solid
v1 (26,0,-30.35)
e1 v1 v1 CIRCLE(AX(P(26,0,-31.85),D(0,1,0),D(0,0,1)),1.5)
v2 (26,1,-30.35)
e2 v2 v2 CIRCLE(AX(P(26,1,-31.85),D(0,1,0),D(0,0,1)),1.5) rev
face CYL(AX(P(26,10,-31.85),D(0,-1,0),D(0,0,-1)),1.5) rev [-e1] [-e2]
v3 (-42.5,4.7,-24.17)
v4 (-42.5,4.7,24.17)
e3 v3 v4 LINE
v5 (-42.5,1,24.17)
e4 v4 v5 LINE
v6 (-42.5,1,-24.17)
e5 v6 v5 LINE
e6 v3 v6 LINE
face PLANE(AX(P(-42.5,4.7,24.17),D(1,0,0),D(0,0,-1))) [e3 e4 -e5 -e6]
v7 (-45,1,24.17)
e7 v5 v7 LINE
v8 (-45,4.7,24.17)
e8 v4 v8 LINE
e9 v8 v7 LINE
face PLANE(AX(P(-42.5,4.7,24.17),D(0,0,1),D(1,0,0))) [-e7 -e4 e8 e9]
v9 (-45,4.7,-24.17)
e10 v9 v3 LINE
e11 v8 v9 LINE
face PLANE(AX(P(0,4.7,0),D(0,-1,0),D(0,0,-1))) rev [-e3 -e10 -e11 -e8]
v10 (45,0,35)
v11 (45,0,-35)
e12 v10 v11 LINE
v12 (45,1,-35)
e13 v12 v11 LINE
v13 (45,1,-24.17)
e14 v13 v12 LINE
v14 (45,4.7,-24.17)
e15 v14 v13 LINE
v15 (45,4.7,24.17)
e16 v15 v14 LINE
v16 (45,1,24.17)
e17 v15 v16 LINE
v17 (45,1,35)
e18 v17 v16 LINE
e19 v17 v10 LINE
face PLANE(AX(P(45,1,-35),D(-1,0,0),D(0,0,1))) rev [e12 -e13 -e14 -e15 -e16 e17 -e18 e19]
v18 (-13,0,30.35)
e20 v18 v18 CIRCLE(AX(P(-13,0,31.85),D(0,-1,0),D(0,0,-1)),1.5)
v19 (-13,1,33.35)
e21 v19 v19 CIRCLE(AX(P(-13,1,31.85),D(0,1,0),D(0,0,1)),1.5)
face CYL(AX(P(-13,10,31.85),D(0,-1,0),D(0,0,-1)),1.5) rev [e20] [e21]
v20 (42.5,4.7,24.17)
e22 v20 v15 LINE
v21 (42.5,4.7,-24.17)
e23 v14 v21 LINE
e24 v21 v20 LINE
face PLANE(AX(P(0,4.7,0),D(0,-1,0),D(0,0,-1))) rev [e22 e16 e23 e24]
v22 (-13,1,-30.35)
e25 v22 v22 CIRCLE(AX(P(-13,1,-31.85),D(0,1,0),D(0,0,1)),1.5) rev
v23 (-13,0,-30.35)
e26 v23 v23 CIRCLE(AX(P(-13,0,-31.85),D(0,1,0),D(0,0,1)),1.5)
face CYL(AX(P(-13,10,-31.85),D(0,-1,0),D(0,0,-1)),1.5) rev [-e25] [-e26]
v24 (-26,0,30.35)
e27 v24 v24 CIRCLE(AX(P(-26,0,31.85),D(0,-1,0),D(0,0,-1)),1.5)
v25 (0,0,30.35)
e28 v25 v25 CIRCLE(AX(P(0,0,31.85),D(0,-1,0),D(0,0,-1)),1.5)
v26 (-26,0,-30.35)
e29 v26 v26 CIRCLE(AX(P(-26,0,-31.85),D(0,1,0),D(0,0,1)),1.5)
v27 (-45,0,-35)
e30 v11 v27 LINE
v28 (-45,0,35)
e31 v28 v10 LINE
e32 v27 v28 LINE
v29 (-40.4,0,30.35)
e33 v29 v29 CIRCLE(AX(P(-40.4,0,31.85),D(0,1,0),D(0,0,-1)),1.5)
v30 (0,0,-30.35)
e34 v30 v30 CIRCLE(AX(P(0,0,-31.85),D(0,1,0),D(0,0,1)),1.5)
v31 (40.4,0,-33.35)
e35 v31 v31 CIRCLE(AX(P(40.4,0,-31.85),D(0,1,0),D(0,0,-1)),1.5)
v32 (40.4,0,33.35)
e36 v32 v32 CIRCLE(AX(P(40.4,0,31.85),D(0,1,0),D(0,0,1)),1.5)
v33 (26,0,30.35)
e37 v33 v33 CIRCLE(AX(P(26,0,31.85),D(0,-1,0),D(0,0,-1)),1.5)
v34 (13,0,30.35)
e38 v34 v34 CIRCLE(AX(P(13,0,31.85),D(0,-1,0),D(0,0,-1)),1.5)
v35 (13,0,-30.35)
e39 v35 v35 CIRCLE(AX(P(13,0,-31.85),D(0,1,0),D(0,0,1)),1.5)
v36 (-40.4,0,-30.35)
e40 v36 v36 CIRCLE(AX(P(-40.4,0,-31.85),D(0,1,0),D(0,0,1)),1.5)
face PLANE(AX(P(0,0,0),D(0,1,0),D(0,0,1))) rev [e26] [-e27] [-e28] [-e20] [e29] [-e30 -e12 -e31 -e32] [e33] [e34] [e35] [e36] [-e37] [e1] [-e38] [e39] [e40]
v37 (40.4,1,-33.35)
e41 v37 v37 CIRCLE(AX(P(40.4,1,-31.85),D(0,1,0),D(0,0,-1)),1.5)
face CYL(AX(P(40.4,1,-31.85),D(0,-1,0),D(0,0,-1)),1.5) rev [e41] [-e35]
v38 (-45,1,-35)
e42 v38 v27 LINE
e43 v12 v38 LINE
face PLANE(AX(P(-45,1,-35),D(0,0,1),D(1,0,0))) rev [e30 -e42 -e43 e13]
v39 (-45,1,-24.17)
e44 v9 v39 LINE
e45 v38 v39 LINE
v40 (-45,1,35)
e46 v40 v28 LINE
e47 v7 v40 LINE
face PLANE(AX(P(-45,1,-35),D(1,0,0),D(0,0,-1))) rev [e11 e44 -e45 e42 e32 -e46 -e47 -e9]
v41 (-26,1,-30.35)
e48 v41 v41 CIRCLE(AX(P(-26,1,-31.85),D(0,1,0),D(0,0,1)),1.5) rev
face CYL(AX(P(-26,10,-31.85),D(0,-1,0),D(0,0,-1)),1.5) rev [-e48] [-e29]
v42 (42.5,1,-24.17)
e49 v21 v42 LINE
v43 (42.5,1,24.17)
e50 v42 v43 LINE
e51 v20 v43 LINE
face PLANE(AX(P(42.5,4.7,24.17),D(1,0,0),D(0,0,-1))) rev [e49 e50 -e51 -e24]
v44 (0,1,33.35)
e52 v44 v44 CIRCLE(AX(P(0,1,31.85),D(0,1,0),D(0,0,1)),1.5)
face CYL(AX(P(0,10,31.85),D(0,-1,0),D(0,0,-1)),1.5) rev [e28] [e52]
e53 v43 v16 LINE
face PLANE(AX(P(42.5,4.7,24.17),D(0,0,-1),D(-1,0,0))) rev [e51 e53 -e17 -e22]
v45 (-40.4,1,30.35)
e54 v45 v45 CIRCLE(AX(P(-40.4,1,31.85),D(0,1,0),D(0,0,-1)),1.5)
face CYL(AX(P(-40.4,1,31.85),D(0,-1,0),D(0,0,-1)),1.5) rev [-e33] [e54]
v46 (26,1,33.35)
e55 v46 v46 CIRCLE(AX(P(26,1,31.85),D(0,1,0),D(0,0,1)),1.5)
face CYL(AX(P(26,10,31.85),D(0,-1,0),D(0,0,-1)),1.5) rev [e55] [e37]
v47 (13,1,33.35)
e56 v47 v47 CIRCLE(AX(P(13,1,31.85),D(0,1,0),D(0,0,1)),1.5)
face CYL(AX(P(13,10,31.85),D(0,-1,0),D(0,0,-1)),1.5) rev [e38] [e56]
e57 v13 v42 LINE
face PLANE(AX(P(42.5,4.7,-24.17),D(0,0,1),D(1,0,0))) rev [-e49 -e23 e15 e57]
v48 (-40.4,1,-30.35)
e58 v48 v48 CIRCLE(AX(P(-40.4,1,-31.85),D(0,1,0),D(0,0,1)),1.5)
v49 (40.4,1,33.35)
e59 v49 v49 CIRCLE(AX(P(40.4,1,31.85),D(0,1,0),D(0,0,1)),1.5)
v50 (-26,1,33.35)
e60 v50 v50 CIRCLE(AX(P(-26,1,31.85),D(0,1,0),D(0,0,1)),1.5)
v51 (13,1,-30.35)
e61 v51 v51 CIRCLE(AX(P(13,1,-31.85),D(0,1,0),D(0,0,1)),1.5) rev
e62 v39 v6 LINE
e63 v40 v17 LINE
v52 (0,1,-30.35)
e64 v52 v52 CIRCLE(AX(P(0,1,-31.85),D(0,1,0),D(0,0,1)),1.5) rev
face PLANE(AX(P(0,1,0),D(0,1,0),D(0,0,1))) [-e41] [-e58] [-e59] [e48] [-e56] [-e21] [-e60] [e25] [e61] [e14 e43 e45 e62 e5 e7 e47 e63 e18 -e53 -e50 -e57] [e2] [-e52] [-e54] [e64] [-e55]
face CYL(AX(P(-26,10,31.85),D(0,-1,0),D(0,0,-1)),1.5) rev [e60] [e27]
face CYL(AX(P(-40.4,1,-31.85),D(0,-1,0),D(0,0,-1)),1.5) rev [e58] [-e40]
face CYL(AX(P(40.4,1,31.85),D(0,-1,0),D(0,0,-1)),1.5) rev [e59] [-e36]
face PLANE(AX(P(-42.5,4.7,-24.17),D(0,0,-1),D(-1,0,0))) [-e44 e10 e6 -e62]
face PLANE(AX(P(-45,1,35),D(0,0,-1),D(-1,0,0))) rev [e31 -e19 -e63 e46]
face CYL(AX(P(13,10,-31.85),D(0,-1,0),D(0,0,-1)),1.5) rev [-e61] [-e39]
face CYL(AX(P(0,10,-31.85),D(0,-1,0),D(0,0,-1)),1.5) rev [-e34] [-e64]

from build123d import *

# Parameters (mm, degrees)
SKETCH_1_W                 = 90
SKETCH_1_H                 = 70
SKETCH_1_R                 = 1.5
EXTRUDE_1_DEPTH            = 1
SKETCH_2_W                 = 2.5
SKETCH_2_H                 = 48.34
EXTRUDE_2_DEPTH            = 3.7
SKETCH_4_R                 = 1.5
CUT_EXTRUDE_1_DEPTH        = 10
PATTERN_LINEAR_1_COUNT     = 3
PATTERN_LINEAR_1_PITCH     = 13
PATTERN_LINEAR_1_COL_COUNT = 3
PATTERN_LINEAR_1_COL_PITCH = 13
MIRROR_2_COPY_1_SKETCH_R   = 1.5
MIRROR_2_COPY_1_DEPTH      = 10
MIRROR_2_COPY_2_SKETCH_R   = 1.5
MIRROR_2_COPY_2_DEPTH      = 10
MIRROR_2_COPY_3_SKETCH_R   = 1.5
MIRROR_2_COPY_3_DEPTH      = 10
MIRROR_2_COPY_4_SKETCH_R   = 1.5
MIRROR_2_COPY_4_DEPTH      = 10


with BuildPart() as part:
    # 草图1 → 凸台-拉伸1 (new body)
    with BuildSketch(Plane(origin=(0, 0, 0), x_dir=(1, 0, 0), z_dir=(0, 1, 0))):
        Rectangle(SKETCH_1_W, SKETCH_1_H)
        with Locations(Location((40.4, -31.85, 0), (0, 0, 270))):
            Circle(SKETCH_1_R, mode=Mode.SUBTRACT)
        with Locations(Location((-40.4, -31.85, 0), (0, 0, 90))):
            Circle(SKETCH_1_R, mode=Mode.SUBTRACT)
        with Locations(Location((40.4, 31.85, 0), (0, 0, 90))):
            Circle(SKETCH_1_R, mode=Mode.SUBTRACT)
        with Locations(Location((-40.4, 31.85, 0), (0, 0, 270))):
            Circle(SKETCH_1_R, mode=Mode.SUBTRACT)
    extrude(amount=EXTRUDE_1_DEPTH)

    # 草图2 → 凸台-拉伸2 (add)
    with BuildSketch(Plane(origin=(0, 1, 0), x_dir=(1, 0, 0), z_dir=(0, 1, 0))):
        with Locations((43.75, 0)):
            Rectangle(SKETCH_2_W, SKETCH_2_H)
    extrude_2 = extrude(amount=EXTRUDE_2_DEPTH)

    # 镜向1: 凸台-拉伸2 across plane
    add(extrude_2.mirror(Plane(origin=(0, 0, 0), x_dir=(0, 0, 1), z_dir=(1, 0, 0))))

    # 草图4 → 切除-拉伸1 (cut)
    with BuildSketch(Plane.XZ):
        with Locations(Location((0, 31.85, 0), (0, 0, 270))):
            Circle(SKETCH_4_R)
    cut_extrude_1 = extrude(amount=-CUT_EXTRUDE_1_DEPTH, mode=Mode.SUBTRACT)

    # 阵列(线性)1: 切除-拉伸1 ×3
    with Locations(*[(-i * PATTERN_LINEAR_1_PITCH, 0, 0) for i in range(1, PATTERN_LINEAR_1_COUNT)]):
        add(cut_extrude_1, mode=Mode.SUBTRACT)

    # 阵列(线性)1 col: 切除-拉伸1 ×3
    with Locations(*[(i * PATTERN_LINEAR_1_COL_PITCH, 0, 0) for i in range(1, PATTERN_LINEAR_1_COL_COUNT)]):
        add(cut_extrude_1, mode=Mode.SUBTRACT)

    # 镜向2: 切除-拉伸1 across plane
    add(cut_extrude_1.mirror(Plane.XY), mode=Mode.SUBTRACT)

    # 镜向2 copy 1 sketch → 镜向2 copy 1 (cut)
    with BuildSketch(Plane(origin=(-13, 0, 0), x_dir=(1, 0, 0), z_dir=(0, -1, 0))):
        with Locations((0, -31.85)):
            Circle(MIRROR_2_COPY_1_SKETCH_R)
    extrude(amount=-MIRROR_2_COPY_1_DEPTH, mode=Mode.SUBTRACT)

    # 镜向2 copy 2 sketch → 镜向2 copy 2 (cut)
    with BuildSketch(Plane(origin=(-26, 0, 0), x_dir=(1, 0, 0), z_dir=(0, -1, 0))):
        with Locations((0, -31.85)):
            Circle(MIRROR_2_COPY_2_SKETCH_R)
    extrude(amount=-MIRROR_2_COPY_2_DEPTH, mode=Mode.SUBTRACT)

    # 镜向2 copy 3 sketch → 镜向2 copy 3 (cut)
    with BuildSketch(Plane(origin=(13, 0, 0), x_dir=(1, 0, 0), z_dir=(0, -1, 0))):
        with Locations((0, -31.85)):
            Circle(MIRROR_2_COPY_3_SKETCH_R)
    extrude(amount=-MIRROR_2_COPY_3_DEPTH, mode=Mode.SUBTRACT)

    # 镜向2 copy 4 sketch → 镜向2 copy 4 (cut)
    with BuildSketch(Plane(origin=(26, 0, 0), x_dir=(1, 0, 0), z_dir=(0, -1, 0))):
        with Locations((0, -31.85)):
            Circle(MIRROR_2_COPY_4_SKETCH_R)
    extrude(amount=-MIRROR_2_COPY_4_DEPTH, mode=Mode.SUBTRACT)


solid = part.part
